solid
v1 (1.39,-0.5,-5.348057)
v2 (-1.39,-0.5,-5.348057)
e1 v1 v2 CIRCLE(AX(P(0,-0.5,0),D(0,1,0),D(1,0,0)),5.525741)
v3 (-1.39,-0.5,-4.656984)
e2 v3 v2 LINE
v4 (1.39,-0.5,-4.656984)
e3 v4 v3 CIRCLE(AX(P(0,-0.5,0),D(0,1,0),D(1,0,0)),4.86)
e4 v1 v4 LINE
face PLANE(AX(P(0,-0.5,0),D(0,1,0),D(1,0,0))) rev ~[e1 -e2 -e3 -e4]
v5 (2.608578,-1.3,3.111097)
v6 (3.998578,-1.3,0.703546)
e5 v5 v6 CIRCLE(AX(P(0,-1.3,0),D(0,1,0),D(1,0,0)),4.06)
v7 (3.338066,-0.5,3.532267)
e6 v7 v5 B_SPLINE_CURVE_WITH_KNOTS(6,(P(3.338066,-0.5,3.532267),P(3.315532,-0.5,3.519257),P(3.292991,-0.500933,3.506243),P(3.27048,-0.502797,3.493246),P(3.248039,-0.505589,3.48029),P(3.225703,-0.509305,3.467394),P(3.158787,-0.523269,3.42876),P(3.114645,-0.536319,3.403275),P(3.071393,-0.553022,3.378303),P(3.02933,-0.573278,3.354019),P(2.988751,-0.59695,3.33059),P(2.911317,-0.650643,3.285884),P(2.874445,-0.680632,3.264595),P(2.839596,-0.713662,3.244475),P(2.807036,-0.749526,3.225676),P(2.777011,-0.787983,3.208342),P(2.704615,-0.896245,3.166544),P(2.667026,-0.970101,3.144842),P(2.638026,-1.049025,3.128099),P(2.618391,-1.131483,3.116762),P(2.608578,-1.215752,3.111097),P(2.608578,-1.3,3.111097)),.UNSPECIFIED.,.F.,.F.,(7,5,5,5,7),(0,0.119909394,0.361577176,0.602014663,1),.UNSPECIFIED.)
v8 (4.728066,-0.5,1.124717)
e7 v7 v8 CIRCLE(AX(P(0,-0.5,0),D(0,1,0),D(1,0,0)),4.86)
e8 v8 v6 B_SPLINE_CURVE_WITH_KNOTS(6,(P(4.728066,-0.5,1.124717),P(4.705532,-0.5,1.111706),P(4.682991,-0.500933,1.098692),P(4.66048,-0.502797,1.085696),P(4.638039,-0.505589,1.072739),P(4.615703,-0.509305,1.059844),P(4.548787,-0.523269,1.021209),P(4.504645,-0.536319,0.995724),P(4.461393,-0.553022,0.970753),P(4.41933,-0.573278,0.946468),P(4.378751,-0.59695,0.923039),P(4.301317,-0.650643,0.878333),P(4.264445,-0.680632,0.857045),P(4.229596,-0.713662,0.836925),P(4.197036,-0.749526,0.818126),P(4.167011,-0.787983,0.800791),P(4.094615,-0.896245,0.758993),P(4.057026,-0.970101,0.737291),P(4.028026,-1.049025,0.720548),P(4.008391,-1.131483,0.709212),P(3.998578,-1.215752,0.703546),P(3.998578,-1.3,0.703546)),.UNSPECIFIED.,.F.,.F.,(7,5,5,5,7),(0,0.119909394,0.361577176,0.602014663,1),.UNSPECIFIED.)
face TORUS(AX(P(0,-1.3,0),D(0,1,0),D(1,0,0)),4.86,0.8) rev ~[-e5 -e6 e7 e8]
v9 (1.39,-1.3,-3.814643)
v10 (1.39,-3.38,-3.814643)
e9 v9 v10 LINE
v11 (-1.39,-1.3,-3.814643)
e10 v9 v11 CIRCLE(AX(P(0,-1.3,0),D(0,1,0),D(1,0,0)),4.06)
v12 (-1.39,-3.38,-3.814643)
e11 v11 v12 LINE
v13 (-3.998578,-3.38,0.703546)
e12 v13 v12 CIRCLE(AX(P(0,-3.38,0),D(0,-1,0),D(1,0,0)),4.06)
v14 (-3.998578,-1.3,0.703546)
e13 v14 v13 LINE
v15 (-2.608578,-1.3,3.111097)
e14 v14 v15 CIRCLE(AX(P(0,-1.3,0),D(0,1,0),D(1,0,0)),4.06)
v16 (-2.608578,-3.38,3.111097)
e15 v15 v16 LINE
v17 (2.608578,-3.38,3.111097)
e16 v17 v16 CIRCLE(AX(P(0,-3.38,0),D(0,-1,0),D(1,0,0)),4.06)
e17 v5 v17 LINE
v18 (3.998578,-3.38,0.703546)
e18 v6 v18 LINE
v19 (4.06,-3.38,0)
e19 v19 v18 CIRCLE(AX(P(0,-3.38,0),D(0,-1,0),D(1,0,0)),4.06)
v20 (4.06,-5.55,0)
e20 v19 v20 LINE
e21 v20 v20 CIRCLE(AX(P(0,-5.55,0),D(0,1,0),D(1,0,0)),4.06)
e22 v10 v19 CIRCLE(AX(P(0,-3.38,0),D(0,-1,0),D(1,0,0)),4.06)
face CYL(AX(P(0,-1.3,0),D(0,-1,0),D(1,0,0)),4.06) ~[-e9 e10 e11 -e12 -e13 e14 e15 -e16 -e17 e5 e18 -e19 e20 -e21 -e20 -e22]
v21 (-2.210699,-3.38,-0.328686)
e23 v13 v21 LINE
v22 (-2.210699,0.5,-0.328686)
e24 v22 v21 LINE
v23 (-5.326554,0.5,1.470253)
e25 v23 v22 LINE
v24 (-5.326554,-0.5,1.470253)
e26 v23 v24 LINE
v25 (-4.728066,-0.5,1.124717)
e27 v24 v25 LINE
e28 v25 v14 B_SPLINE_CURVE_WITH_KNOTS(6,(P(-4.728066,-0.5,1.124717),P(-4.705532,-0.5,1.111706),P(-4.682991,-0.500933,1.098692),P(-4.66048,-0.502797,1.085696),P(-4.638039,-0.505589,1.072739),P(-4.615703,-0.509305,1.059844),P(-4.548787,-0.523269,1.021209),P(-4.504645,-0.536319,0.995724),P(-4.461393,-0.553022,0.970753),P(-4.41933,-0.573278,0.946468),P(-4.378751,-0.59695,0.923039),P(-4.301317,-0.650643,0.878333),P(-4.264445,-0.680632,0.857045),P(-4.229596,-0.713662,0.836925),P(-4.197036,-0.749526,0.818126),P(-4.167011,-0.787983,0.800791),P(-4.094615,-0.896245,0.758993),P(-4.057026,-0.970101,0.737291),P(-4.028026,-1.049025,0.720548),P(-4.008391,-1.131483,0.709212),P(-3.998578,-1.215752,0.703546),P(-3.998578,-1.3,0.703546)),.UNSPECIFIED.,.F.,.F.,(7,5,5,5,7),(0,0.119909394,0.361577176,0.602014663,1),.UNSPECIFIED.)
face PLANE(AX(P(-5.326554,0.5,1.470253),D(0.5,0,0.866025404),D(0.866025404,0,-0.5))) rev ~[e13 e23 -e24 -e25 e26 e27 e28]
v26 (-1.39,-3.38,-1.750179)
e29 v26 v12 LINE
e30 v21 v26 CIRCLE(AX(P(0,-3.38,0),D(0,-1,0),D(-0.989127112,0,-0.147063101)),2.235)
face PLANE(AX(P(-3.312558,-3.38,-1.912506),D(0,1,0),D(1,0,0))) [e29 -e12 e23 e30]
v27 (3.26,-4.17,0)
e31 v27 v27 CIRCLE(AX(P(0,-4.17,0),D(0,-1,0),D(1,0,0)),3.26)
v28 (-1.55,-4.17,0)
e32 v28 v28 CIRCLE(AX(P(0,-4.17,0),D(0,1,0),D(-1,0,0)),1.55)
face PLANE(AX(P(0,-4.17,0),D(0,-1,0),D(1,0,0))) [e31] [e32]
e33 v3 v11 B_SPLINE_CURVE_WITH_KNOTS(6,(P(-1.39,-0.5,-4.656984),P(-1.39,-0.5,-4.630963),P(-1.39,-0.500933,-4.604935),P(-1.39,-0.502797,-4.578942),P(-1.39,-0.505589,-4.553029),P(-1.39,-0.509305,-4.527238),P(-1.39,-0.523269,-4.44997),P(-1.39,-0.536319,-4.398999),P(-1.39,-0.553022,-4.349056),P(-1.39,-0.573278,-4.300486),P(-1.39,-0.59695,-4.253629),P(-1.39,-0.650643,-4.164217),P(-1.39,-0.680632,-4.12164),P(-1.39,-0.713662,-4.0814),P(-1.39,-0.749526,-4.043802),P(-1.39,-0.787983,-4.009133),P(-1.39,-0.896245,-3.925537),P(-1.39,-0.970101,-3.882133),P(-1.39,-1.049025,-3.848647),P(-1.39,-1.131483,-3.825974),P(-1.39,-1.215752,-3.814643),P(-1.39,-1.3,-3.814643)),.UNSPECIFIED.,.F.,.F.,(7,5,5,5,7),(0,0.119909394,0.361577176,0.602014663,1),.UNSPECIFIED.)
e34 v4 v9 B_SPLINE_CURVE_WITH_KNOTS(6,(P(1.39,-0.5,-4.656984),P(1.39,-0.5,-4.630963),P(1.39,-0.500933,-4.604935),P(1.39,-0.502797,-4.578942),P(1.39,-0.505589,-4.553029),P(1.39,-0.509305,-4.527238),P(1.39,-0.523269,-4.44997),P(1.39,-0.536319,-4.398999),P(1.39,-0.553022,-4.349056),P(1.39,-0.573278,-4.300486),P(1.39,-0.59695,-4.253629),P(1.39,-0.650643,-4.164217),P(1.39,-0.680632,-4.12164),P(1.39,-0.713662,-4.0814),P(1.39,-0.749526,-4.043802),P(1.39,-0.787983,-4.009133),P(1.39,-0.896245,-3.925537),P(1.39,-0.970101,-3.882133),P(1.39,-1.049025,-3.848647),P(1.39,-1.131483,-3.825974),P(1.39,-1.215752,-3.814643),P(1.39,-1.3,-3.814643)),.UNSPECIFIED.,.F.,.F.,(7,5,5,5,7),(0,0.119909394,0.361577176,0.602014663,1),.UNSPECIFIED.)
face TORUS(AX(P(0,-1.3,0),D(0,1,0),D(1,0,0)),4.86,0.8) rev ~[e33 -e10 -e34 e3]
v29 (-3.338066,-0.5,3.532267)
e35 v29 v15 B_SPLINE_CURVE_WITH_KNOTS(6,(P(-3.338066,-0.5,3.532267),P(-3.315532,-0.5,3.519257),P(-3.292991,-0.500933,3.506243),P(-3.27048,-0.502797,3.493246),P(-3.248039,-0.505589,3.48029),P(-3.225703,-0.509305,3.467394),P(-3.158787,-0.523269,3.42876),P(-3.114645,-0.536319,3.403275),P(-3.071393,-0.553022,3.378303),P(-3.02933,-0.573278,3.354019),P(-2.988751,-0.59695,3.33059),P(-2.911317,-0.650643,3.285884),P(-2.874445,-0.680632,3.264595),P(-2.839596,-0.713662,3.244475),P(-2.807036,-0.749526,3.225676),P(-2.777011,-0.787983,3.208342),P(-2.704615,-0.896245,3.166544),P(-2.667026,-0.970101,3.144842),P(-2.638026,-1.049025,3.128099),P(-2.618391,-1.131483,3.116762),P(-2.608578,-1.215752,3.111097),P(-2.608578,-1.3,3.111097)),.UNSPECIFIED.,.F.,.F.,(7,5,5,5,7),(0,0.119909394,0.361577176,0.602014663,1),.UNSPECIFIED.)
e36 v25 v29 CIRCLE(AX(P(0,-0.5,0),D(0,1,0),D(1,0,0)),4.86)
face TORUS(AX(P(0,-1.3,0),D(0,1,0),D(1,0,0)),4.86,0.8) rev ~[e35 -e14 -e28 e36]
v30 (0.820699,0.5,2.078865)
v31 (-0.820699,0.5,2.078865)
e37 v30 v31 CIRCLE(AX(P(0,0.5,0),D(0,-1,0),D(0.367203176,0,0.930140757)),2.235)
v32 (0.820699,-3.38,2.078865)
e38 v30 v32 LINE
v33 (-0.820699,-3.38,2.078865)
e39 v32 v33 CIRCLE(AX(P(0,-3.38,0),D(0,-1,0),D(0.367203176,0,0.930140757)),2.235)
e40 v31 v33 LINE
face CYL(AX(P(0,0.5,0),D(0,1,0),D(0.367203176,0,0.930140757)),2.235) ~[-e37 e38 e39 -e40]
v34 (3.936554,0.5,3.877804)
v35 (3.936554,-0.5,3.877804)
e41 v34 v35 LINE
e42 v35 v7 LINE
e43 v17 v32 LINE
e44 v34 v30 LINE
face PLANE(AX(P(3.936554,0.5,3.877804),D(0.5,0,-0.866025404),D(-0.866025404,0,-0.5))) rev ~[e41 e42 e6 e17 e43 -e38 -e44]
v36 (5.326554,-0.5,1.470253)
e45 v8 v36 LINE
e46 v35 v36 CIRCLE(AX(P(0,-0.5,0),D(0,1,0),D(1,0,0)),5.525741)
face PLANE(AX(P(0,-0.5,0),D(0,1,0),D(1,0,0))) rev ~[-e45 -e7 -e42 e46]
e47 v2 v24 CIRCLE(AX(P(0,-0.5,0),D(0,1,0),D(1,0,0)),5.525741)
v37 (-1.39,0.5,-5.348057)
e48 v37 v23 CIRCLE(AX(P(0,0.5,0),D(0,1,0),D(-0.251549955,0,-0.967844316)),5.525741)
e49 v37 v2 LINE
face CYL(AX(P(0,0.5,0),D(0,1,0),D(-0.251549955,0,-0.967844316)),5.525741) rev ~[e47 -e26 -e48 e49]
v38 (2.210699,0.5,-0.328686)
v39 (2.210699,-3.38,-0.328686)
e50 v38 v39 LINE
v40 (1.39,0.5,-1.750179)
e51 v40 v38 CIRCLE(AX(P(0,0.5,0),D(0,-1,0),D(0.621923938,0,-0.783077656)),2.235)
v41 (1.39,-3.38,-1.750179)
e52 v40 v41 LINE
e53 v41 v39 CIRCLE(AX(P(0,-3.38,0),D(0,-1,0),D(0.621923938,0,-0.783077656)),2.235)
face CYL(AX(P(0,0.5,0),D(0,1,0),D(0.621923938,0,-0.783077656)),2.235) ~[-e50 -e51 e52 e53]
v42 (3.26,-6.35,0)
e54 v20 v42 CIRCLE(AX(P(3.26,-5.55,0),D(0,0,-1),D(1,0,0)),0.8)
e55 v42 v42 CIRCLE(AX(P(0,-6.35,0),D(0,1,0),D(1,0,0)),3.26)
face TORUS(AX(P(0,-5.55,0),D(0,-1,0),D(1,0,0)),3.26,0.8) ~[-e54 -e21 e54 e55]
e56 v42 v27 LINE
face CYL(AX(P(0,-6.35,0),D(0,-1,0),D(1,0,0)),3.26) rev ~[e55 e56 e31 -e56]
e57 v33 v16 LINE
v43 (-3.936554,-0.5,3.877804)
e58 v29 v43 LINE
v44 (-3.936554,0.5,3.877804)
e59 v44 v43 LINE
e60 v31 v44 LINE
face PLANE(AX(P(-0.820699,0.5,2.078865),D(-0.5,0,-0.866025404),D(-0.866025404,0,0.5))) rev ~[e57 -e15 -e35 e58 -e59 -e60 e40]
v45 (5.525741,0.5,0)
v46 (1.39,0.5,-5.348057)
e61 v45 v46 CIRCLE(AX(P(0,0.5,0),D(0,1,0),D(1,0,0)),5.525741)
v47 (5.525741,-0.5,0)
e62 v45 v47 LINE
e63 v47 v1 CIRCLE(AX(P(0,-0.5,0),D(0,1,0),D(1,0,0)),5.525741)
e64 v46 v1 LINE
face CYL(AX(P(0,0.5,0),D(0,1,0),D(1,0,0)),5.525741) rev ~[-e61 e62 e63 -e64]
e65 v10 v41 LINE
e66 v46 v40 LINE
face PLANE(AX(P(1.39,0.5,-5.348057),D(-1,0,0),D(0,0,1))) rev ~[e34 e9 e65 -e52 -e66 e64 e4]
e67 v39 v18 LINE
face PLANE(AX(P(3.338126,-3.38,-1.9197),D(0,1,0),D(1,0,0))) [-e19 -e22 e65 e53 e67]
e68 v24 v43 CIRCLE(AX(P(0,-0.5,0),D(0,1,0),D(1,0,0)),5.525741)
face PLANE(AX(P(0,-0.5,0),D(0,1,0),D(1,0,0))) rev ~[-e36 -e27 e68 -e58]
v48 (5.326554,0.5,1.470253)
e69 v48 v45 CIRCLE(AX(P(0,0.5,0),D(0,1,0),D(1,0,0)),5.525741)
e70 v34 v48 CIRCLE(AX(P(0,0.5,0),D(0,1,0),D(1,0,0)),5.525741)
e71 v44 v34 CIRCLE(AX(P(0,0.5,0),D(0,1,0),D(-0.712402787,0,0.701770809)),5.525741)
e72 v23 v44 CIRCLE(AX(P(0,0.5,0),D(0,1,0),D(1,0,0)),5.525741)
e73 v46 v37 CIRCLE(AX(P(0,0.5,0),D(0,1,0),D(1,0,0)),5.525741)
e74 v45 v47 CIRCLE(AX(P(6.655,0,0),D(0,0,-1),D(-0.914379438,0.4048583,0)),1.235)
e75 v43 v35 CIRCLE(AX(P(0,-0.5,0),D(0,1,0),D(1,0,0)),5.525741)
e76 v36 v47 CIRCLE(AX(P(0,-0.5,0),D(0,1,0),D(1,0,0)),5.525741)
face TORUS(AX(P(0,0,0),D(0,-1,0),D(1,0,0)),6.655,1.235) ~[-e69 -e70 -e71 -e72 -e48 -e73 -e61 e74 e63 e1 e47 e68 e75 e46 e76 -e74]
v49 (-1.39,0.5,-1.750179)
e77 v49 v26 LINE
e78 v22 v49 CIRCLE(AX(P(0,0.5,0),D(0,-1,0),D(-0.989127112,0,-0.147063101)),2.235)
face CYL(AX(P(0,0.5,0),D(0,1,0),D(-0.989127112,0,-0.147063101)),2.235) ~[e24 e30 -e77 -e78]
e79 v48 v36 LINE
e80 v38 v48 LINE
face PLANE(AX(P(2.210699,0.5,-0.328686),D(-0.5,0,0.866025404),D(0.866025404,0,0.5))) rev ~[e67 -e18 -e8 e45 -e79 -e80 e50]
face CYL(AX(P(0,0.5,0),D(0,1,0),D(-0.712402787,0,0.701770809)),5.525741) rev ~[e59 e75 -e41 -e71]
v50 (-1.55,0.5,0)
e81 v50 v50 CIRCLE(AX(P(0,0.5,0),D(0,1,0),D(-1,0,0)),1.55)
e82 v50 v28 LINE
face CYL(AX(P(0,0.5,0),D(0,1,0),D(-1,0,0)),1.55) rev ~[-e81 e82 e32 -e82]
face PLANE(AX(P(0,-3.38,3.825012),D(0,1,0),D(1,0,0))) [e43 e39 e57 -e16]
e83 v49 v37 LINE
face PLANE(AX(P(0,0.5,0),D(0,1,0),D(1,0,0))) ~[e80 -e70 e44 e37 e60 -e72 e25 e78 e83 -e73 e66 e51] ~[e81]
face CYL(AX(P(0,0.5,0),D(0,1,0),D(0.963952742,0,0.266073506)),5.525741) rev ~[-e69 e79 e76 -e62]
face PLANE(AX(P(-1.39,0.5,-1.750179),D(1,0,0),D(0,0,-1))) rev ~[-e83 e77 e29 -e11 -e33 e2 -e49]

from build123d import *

# Parameters (mm, degrees)
SKETCH2_R           = 1.55
CUT_EXTRUDE5_DEPTH  = 14.87
CUT_EXTRUDE10_DEPTH = 3.88
SKETCH5_R           = 3.26
CUT_EXTRUDE11_DEPTH = 2.18


with BuildPart() as part:
    # Sketch1 → Revolve1 (revolve)
    with BuildSketch(Plane.XY):
        with BuildLine():
            Line((0, 0.5), (5.525741394, 0.5))
            ThreePointArc((5.525741394, 0.5), (7.89, 0), (5.525741394, -0.5))
            Line((5.525741394, -0.5), (4.86, -0.5))
            ThreePointArc((4.86, -0.5), (4.294314575, -0.734314575), (4.06, -1.3))
            Line((4.06, -1.3), (4.06, -5.55))
            ThreePointArc((4.06, -5.55), (3.825685425, -6.115685425), (3.26, -6.35))
            Line((3.26, -6.35), (0, -6.35))
            Line((0, -6.35), (0, 0))
            Line((0, 0), (0, 0.5))
        make_face()
    revolve(axis=Axis((0, 0, 0), (0, 1, 0)))

    # Sketch2 → Cut-Extrude5 (cut)
    with BuildSketch(Plane(origin=(0, 0.5, 0), x_dir=(1, 0, 0), z_dir=(0, 1, 0))):
        with Locations(Location((0, 0, 0), (0, 0, 180))):
            Circle(SKETCH2_R)
    extrude(amount=-CUT_EXTRUDE5_DEPTH, mode=Mode.SUBTRACT)

    # Sketch3 → Cut-Extrude10 (cut)
    with BuildSketch(Plane(origin=(0, 0.5, 0), x_dir=(1, 0, 0), z_dir=(0, 1, 0))):
        with BuildLine():
            ThreePointArc((-2.210699096, 0.32868603), (-1.935566777, 1.1175), (-1.39, 1.750178562))
            Line((-1.39, 1.750178562), (-1.39, 5.3480574))
            ThreePointArc((-1.39, 5.3480574), (-4.785432422, 2.762870697), (-5.326553569, -1.470253389))
            Line((-5.326553569, -1.470253389), (-2.210699096, 0.32868603))
        make_face()
        with BuildLine():
            Line((1.39, 5.3480574), (1.39, 1.750178562))
            ThreePointArc((1.39, 1.750178562), (1.935566777, 1.1175), (2.210699096, 0.32868603))
            Line((2.210699096, 0.32868603), (5.326553569, -1.470253389))
            ThreePointArc((5.326553569, -1.470253389), (5.475718012, -0.741842439), (5.525741394, 0))
            ThreePointArc((5.525741394, 0), (4.371189683, 3.380313404), (1.39, 5.3480574))
        make_face()
        with BuildLine():
            ThreePointArc((0.820699096, -2.078864592), (0, -2.235), (-0.820699096, -2.078864592))
            Line((-0.820699096, -2.078864592), (-3.936553569, -3.877804011))
            ThreePointArc((-3.936553569, -3.877804011), (0, -5.525741394), (3.936553569, -3.877804011))
            Line((3.936553569, -3.877804011), (0.820699096, -2.078864592))
        make_face()
    extrude(amount=-CUT_EXTRUDE10_DEPTH, mode=Mode.SUBTRACT)

    # Sketch5 → Cut-Extrude11 (cut)
    with BuildSketch(Plane.XZ.offset(6.35)):
        Circle(SKETCH5_R)
    extrude(amount=-CUT_EXTRUDE11_DEPTH, mode=Mode.SUBTRACT)


solid = part.part
